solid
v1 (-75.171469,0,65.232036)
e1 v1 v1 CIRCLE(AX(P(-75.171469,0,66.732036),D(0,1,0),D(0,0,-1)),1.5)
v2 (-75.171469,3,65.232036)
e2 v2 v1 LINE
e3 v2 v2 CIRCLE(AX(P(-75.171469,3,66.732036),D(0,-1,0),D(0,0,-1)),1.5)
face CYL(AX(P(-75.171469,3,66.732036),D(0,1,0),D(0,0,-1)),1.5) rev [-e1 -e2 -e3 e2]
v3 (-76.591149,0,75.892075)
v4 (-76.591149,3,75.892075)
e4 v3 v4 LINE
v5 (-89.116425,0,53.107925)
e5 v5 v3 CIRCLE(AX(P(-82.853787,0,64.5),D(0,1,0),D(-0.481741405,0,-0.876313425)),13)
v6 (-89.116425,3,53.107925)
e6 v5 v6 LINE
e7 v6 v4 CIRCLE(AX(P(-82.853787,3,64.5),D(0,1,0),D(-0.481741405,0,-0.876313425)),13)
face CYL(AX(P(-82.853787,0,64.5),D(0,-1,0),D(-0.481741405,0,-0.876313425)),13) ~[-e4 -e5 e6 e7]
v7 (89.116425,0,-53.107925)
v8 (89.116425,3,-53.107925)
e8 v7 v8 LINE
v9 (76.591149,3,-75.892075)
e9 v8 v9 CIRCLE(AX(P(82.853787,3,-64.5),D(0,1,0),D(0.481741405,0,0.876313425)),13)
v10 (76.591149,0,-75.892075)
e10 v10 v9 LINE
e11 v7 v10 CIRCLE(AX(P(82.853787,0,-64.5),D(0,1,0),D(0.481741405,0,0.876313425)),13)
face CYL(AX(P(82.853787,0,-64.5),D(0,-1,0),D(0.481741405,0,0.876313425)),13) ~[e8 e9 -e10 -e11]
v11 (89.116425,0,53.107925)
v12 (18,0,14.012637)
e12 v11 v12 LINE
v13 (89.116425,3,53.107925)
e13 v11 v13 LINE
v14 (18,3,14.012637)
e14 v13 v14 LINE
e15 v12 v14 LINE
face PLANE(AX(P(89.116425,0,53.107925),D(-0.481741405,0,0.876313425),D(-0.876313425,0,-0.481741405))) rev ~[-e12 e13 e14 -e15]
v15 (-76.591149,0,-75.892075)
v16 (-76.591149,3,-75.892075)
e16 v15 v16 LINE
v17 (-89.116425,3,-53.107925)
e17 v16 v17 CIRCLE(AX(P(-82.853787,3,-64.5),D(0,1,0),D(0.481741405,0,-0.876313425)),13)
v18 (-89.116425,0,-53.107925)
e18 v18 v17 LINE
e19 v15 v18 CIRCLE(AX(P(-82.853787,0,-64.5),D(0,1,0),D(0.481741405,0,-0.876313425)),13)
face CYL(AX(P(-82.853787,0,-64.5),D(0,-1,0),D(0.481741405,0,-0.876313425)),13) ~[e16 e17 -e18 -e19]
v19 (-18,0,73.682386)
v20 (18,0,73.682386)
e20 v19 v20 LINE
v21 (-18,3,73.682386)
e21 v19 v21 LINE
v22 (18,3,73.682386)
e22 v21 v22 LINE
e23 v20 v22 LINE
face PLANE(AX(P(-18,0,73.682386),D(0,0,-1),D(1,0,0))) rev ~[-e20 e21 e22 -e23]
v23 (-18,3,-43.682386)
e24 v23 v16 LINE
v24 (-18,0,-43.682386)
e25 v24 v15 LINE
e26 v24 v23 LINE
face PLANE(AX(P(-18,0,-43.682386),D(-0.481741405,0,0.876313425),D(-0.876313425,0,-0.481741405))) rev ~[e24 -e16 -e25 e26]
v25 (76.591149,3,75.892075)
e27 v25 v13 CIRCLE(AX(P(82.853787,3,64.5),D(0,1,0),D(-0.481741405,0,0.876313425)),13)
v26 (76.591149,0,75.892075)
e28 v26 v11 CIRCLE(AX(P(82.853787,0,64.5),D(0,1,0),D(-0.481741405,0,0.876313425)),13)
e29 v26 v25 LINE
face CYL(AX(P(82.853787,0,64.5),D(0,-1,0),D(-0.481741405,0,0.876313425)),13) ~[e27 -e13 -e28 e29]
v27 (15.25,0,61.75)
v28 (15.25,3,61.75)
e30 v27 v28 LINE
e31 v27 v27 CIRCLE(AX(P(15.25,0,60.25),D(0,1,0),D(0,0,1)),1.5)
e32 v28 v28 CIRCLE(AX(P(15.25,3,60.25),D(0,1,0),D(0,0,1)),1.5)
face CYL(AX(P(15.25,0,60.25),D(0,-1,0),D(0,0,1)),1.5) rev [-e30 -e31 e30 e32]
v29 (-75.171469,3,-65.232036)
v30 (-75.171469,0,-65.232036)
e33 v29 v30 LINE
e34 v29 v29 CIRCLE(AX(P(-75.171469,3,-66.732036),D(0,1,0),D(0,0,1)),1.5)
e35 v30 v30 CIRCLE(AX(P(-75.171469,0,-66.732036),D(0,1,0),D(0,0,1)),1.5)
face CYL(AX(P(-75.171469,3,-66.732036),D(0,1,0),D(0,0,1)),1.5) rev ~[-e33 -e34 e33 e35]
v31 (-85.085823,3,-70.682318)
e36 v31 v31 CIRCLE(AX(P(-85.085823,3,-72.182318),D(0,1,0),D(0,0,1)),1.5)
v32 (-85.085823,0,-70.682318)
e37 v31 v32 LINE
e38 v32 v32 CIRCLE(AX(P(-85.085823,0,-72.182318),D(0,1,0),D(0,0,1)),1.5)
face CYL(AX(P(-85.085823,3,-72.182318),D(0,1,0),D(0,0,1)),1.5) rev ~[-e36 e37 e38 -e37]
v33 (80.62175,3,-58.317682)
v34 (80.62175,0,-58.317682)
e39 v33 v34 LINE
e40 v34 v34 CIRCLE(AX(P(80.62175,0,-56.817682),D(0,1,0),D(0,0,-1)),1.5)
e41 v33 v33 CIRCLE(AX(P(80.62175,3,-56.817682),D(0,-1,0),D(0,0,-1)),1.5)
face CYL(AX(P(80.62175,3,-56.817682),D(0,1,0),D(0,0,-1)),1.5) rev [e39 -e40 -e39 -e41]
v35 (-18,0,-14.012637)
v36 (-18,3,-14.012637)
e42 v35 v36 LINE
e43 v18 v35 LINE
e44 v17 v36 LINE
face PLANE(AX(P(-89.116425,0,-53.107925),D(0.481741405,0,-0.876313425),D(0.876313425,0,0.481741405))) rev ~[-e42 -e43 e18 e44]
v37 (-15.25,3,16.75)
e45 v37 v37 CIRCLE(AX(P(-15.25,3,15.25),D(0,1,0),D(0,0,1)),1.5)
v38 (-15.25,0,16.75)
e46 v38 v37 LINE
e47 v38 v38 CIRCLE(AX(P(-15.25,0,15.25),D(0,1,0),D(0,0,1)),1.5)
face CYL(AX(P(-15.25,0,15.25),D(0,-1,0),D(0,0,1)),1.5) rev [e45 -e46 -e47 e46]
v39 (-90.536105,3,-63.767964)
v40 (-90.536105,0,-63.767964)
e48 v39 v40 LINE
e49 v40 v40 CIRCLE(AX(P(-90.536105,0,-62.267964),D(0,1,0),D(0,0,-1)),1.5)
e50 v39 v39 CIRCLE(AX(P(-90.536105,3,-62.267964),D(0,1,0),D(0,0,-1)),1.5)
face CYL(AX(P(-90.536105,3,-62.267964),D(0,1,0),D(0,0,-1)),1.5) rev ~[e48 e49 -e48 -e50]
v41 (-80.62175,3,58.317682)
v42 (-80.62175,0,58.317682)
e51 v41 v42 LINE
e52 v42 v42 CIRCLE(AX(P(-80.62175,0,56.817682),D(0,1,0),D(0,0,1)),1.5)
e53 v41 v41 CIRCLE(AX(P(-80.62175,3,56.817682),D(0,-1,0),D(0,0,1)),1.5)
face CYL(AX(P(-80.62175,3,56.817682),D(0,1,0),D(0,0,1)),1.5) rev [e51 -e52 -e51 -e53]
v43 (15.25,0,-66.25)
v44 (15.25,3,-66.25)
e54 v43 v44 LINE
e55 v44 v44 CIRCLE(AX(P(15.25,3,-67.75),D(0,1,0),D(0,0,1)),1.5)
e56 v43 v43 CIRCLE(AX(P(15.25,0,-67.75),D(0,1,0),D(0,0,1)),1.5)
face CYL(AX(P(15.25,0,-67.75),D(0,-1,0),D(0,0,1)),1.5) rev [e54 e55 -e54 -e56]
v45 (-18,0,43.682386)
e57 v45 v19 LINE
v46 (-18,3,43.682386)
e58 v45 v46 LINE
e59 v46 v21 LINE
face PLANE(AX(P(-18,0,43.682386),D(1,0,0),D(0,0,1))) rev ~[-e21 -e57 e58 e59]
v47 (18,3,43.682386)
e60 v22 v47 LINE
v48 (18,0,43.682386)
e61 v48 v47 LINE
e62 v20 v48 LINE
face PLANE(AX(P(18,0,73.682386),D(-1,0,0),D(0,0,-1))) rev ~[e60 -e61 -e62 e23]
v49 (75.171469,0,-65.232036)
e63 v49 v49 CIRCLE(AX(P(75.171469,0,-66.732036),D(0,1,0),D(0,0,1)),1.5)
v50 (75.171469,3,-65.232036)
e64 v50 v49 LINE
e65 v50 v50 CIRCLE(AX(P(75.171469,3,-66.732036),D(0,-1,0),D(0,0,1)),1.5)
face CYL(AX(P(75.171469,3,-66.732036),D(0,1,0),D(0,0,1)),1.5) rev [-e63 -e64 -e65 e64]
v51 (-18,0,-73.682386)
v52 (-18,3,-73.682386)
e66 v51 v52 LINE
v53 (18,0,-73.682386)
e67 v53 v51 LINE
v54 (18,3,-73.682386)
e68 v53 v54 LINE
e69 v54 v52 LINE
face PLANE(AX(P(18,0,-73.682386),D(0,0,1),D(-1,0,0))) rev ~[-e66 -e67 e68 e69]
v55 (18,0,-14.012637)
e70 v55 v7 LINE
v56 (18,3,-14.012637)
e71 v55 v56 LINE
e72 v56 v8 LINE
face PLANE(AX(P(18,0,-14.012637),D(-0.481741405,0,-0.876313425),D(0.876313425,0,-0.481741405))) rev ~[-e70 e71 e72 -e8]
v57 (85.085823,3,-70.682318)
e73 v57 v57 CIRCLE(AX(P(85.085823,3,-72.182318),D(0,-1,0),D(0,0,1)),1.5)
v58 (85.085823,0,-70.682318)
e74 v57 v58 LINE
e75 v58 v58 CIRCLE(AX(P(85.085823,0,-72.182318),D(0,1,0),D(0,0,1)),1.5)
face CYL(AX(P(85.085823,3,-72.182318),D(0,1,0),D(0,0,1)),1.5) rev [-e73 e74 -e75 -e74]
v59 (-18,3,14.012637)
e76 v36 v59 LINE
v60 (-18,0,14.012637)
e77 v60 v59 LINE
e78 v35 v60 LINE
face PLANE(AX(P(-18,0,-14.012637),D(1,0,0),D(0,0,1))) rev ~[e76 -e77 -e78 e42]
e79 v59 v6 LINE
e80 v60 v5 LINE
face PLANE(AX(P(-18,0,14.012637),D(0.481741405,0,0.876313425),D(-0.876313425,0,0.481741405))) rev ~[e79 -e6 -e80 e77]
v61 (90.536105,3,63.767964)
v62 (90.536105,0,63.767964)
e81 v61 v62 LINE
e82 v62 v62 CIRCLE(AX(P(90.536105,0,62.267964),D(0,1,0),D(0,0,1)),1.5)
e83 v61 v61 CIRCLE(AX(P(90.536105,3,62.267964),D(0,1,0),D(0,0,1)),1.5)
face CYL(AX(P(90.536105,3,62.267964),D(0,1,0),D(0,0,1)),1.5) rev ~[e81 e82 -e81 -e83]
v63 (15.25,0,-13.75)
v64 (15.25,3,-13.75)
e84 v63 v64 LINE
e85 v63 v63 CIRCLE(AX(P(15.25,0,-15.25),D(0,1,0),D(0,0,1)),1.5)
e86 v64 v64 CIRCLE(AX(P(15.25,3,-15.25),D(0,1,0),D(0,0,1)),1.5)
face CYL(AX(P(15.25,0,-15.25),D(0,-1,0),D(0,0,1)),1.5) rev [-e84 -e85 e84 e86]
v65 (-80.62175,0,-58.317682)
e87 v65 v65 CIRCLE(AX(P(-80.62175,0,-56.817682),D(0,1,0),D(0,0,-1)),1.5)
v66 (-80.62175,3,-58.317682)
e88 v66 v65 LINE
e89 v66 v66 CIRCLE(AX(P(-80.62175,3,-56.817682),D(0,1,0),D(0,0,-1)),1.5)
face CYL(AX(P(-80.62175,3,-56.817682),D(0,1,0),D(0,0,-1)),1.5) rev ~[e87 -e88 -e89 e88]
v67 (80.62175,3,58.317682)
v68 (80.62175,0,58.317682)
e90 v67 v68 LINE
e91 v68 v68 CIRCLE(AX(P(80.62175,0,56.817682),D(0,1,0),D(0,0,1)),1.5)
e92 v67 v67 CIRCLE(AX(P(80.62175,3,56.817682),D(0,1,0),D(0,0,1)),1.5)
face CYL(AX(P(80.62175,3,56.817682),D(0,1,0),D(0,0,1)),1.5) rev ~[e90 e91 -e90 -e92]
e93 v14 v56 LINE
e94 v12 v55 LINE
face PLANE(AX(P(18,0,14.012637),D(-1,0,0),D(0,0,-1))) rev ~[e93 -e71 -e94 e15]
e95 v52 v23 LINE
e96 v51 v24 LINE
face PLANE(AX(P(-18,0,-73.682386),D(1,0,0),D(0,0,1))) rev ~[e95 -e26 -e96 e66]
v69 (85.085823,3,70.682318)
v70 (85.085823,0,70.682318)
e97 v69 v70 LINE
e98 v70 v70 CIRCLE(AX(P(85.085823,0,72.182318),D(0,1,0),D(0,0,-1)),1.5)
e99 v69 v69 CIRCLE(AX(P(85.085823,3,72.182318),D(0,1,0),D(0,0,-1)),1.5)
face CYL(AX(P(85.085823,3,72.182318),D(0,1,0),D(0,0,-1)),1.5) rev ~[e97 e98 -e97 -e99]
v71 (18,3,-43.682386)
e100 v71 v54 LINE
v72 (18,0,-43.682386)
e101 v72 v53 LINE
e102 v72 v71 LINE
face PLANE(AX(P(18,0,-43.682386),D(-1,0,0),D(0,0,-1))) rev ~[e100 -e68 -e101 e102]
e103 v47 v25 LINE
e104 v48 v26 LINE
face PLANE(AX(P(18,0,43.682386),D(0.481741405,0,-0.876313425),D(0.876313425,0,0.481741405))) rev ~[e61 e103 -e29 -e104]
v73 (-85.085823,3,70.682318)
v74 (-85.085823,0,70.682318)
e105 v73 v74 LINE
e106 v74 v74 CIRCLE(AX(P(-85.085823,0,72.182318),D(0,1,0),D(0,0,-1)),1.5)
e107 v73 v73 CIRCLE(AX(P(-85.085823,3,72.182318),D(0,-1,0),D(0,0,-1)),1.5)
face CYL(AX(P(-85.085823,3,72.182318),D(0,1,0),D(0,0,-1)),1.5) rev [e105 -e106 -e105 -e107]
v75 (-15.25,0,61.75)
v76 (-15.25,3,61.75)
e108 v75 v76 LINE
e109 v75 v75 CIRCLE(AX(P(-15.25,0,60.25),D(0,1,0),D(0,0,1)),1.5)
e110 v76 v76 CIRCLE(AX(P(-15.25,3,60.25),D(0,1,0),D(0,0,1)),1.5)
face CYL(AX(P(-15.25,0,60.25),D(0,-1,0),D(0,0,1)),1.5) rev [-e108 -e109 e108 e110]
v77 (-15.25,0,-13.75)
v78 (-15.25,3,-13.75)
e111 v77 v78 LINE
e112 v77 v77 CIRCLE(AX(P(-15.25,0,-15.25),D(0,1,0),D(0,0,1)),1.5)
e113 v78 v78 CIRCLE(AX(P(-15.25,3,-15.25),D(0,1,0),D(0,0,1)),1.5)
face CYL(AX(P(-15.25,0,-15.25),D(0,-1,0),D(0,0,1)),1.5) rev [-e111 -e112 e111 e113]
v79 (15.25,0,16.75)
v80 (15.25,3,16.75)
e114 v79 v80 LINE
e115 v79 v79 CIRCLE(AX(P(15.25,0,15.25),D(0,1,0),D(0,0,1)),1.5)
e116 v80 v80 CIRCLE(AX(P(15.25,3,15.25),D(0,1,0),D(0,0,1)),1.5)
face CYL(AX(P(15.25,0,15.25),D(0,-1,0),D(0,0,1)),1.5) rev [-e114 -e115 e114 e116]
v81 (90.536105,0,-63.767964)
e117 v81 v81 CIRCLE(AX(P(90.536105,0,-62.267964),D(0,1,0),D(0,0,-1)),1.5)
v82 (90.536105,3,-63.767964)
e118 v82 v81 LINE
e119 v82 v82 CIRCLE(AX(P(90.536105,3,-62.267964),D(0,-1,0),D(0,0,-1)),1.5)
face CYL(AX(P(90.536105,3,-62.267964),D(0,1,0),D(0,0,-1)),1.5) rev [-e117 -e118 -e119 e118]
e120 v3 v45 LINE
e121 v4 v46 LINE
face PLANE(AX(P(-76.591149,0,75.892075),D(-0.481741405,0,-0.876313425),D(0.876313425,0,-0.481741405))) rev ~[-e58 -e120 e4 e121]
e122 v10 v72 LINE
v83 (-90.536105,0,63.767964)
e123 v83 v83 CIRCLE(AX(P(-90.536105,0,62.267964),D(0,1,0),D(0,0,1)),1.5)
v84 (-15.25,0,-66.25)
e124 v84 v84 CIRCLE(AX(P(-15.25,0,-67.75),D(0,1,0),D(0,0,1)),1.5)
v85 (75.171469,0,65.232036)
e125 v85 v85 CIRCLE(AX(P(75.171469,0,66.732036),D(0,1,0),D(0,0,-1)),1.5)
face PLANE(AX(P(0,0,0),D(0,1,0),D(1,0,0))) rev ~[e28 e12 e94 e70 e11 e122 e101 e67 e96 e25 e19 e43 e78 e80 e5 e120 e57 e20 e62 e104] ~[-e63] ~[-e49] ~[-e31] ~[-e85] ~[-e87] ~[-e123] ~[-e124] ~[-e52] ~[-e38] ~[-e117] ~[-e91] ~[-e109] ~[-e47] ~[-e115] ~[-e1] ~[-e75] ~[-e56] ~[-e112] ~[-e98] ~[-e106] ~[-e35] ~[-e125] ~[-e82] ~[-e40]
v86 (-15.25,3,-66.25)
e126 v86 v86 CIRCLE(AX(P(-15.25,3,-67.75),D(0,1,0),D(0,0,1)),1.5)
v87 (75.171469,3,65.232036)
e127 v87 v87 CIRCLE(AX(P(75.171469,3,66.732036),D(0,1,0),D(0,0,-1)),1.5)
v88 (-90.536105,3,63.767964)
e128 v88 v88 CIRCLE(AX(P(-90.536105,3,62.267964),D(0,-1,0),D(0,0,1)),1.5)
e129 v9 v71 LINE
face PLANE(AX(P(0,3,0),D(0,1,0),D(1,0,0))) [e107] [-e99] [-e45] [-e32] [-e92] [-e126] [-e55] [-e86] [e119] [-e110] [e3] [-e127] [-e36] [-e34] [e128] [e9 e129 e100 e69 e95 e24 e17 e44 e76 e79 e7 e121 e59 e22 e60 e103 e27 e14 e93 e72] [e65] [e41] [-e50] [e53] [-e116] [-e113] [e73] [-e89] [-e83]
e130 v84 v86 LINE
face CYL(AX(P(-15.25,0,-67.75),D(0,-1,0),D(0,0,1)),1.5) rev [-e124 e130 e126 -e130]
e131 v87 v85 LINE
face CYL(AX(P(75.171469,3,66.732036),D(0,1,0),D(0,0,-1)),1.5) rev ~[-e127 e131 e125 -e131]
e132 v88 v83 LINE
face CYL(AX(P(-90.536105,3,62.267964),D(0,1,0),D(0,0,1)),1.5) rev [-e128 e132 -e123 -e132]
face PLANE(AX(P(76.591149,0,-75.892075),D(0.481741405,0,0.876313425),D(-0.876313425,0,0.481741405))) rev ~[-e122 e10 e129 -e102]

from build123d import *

# Parameters (mm, degrees)
SKETCH1_R               = 1.5
BOSS_EXTRUDE1_DEPTH     = 3
SKETCH2_R               = 1.5
CUT_EXTRUDE1_DEPTH      = 124.30125084
MIRROR2_COPY_1_SKETCH_R = 1.5
MIRROR2_COPY_1_DEPTH    = 124.30125084


with BuildPart() as part:
    # Sketch1 → Boss-Extrude1 (new body)
    with BuildSketch(Plane(origin=(0, 0, 0), x_dir=(1, 0, 0), z_dir=(0, 1, 0))):
        with BuildLine():
            Line((-89.116425142, 53.107925476), (-18, 14.012636522))
            Line((-18, 14.012636522), (-18, -14.012636522))
            Line((-18, -14.012636522), (-89.116425142, -53.107925476))
            ThreePointArc((-89.116425142, -53.107925476), (-94.245861402, -70.762638264), (-76.591148614, -75.892074524))
            Line((-76.591148614, -75.892074524), (-18, -43.682386248))
            Line((-18, -43.682386248), (-18, -73.682386248))
            Line((-18, -73.682386248), (18, -73.682386248))
            Line((18, -73.682386248), (18, -43.682386248))
            Line((18, -43.682386248), (76.591148614, -75.892074524))
            ThreePointArc((76.591148614, -75.892074524), (94.245861402, -70.762638264), (89.116425142, -53.107925476))
            Line((89.116425142, -53.107925476), (18, -14.012636522))
            Line((18, -14.012636522), (18, 14.012636522))
            Line((18, 14.012636522), (89.116425142, 53.107925476))
            ThreePointArc((89.116425142, 53.107925476), (94.245861402, 70.762638264), (76.591148614, 75.892074524))
            Line((76.591148614, 75.892074524), (18, 43.682386248))
            Line((18, 43.682386248), (18, 73.682386248))
            Line((18, 73.682386248), (-18, 73.682386248))
            Line((-18, 73.682386248), (-18, 43.682386248))
            Line((-18, 43.682386248), (-76.591148614, 75.892074524))
            ThreePointArc((-76.591148614, 75.892074524), (-94.245861402, 70.762638264), (-89.116425142, 53.107925476))
        make_face()
        with Locations(Location((-15.25, 15.25, 0), (0, 0, 270))):
            Circle(SKETCH1_R, mode=Mode.SUBTRACT)
        with Locations(Location((-15.25, 67.75, 0), (0, 0, 270))):
            Circle(SKETCH1_R, mode=Mode.SUBTRACT)
        with Locations(Location((-15.25, -60.25, 0), (0, 0, 270))):
            Circle(SKETCH1_R, mode=Mode.SUBTRACT)
        with Locations(Location((15.25, 67.75, 0), (0, 0, 270))):
            Circle(SKETCH1_R, mode=Mode.SUBTRACT)
        with Locations(Location((15.25, 15.25, 0), (0, 0, 270))):
            Circle(SKETCH1_R, mode=Mode.SUBTRACT)
        with Locations(Location((15.25, -15.25, 0), (0, 0, 270))):
            Circle(SKETCH1_R, mode=Mode.SUBTRACT)
        with Locations(Location((-15.25, -15.25, 0), (0, 0, 270))):
            Circle(SKETCH1_R, mode=Mode.SUBTRACT)
        with Locations(Location((15.25, -60.25, 0), (0, 0, 270))):
            Circle(SKETCH1_R, mode=Mode.SUBTRACT)
    extrude(amount=BOSS_EXTRUDE1_DEPTH)

    # Sketch2 → Cut-Extrude1 (cut, through all)
    with BuildSketch(Plane(origin=(0, 3, 0), x_dir=(1, 0, 0), z_dir=(0, 1, 0))):
        with Locations(Location((-85.085823286, 72.182318236, 0), (0, 0, 270))):
            Circle(SKETCH2_R)
        with Locations(Location((-75.171468642, 66.732036408, 0), (0, 0, 270))):
            Circle(SKETCH2_R)
        with Locations(Location((-80.62175047, 56.817681764, 0), (0, 0, 90))):
            Circle(SKETCH2_R)
        with Locations(Location((-90.536105113, 62.267963592, 0), (0, 0, 90))):
            Circle(SKETCH2_R)
    cut_extrude1 = extrude(amount=-CUT_EXTRUDE1_DEPTH, mode=Mode.SUBTRACT)

    # Mirror1: Cut-Extrude1 across plane
    add(cut_extrude1.mirror(Plane.XY), mode=Mode.SUBTRACT)

    # Mirror2: Cut-Extrude1 across plane
    add(cut_extrude1.mirror(Plane(origin=(0, 0, 0), x_dir=(0, 0, 1), z_dir=(1, 0, 0))), mode=Mode.SUBTRACT)

    # Mirror2 copy 1 sketch → Mirror2 copy 1 (cut, through all)
    with BuildSketch(Plane(origin=(0, 3, 0), x_dir=(-1, 0, 0), z_dir=(0, 1, 0))):
        with Locations(Location((-85.085823286, 72.182318236, 0), (0, 0, 270))):
            Circle(MIRROR2_COPY_1_SKETCH_R)
        with Locations(Location((-75.171468642, 66.732036408, 0), (0, 0, 270))):
            Circle(MIRROR2_COPY_1_SKETCH_R)
        with Locations(Location((-80.62175047, 56.817681764, 0), (0, 0, 90))):
            Circle(MIRROR2_COPY_1_SKETCH_R)
        with Locations(Location((-90.536105113, 62.267963592, 0), (0, 0, 90))):
            Circle(MIRROR2_COPY_1_SKETCH_R)
    extrude(amount=-MIRROR2_COPY_1_DEPTH, mode=Mode.SUBTRACT)


solid = part.part
